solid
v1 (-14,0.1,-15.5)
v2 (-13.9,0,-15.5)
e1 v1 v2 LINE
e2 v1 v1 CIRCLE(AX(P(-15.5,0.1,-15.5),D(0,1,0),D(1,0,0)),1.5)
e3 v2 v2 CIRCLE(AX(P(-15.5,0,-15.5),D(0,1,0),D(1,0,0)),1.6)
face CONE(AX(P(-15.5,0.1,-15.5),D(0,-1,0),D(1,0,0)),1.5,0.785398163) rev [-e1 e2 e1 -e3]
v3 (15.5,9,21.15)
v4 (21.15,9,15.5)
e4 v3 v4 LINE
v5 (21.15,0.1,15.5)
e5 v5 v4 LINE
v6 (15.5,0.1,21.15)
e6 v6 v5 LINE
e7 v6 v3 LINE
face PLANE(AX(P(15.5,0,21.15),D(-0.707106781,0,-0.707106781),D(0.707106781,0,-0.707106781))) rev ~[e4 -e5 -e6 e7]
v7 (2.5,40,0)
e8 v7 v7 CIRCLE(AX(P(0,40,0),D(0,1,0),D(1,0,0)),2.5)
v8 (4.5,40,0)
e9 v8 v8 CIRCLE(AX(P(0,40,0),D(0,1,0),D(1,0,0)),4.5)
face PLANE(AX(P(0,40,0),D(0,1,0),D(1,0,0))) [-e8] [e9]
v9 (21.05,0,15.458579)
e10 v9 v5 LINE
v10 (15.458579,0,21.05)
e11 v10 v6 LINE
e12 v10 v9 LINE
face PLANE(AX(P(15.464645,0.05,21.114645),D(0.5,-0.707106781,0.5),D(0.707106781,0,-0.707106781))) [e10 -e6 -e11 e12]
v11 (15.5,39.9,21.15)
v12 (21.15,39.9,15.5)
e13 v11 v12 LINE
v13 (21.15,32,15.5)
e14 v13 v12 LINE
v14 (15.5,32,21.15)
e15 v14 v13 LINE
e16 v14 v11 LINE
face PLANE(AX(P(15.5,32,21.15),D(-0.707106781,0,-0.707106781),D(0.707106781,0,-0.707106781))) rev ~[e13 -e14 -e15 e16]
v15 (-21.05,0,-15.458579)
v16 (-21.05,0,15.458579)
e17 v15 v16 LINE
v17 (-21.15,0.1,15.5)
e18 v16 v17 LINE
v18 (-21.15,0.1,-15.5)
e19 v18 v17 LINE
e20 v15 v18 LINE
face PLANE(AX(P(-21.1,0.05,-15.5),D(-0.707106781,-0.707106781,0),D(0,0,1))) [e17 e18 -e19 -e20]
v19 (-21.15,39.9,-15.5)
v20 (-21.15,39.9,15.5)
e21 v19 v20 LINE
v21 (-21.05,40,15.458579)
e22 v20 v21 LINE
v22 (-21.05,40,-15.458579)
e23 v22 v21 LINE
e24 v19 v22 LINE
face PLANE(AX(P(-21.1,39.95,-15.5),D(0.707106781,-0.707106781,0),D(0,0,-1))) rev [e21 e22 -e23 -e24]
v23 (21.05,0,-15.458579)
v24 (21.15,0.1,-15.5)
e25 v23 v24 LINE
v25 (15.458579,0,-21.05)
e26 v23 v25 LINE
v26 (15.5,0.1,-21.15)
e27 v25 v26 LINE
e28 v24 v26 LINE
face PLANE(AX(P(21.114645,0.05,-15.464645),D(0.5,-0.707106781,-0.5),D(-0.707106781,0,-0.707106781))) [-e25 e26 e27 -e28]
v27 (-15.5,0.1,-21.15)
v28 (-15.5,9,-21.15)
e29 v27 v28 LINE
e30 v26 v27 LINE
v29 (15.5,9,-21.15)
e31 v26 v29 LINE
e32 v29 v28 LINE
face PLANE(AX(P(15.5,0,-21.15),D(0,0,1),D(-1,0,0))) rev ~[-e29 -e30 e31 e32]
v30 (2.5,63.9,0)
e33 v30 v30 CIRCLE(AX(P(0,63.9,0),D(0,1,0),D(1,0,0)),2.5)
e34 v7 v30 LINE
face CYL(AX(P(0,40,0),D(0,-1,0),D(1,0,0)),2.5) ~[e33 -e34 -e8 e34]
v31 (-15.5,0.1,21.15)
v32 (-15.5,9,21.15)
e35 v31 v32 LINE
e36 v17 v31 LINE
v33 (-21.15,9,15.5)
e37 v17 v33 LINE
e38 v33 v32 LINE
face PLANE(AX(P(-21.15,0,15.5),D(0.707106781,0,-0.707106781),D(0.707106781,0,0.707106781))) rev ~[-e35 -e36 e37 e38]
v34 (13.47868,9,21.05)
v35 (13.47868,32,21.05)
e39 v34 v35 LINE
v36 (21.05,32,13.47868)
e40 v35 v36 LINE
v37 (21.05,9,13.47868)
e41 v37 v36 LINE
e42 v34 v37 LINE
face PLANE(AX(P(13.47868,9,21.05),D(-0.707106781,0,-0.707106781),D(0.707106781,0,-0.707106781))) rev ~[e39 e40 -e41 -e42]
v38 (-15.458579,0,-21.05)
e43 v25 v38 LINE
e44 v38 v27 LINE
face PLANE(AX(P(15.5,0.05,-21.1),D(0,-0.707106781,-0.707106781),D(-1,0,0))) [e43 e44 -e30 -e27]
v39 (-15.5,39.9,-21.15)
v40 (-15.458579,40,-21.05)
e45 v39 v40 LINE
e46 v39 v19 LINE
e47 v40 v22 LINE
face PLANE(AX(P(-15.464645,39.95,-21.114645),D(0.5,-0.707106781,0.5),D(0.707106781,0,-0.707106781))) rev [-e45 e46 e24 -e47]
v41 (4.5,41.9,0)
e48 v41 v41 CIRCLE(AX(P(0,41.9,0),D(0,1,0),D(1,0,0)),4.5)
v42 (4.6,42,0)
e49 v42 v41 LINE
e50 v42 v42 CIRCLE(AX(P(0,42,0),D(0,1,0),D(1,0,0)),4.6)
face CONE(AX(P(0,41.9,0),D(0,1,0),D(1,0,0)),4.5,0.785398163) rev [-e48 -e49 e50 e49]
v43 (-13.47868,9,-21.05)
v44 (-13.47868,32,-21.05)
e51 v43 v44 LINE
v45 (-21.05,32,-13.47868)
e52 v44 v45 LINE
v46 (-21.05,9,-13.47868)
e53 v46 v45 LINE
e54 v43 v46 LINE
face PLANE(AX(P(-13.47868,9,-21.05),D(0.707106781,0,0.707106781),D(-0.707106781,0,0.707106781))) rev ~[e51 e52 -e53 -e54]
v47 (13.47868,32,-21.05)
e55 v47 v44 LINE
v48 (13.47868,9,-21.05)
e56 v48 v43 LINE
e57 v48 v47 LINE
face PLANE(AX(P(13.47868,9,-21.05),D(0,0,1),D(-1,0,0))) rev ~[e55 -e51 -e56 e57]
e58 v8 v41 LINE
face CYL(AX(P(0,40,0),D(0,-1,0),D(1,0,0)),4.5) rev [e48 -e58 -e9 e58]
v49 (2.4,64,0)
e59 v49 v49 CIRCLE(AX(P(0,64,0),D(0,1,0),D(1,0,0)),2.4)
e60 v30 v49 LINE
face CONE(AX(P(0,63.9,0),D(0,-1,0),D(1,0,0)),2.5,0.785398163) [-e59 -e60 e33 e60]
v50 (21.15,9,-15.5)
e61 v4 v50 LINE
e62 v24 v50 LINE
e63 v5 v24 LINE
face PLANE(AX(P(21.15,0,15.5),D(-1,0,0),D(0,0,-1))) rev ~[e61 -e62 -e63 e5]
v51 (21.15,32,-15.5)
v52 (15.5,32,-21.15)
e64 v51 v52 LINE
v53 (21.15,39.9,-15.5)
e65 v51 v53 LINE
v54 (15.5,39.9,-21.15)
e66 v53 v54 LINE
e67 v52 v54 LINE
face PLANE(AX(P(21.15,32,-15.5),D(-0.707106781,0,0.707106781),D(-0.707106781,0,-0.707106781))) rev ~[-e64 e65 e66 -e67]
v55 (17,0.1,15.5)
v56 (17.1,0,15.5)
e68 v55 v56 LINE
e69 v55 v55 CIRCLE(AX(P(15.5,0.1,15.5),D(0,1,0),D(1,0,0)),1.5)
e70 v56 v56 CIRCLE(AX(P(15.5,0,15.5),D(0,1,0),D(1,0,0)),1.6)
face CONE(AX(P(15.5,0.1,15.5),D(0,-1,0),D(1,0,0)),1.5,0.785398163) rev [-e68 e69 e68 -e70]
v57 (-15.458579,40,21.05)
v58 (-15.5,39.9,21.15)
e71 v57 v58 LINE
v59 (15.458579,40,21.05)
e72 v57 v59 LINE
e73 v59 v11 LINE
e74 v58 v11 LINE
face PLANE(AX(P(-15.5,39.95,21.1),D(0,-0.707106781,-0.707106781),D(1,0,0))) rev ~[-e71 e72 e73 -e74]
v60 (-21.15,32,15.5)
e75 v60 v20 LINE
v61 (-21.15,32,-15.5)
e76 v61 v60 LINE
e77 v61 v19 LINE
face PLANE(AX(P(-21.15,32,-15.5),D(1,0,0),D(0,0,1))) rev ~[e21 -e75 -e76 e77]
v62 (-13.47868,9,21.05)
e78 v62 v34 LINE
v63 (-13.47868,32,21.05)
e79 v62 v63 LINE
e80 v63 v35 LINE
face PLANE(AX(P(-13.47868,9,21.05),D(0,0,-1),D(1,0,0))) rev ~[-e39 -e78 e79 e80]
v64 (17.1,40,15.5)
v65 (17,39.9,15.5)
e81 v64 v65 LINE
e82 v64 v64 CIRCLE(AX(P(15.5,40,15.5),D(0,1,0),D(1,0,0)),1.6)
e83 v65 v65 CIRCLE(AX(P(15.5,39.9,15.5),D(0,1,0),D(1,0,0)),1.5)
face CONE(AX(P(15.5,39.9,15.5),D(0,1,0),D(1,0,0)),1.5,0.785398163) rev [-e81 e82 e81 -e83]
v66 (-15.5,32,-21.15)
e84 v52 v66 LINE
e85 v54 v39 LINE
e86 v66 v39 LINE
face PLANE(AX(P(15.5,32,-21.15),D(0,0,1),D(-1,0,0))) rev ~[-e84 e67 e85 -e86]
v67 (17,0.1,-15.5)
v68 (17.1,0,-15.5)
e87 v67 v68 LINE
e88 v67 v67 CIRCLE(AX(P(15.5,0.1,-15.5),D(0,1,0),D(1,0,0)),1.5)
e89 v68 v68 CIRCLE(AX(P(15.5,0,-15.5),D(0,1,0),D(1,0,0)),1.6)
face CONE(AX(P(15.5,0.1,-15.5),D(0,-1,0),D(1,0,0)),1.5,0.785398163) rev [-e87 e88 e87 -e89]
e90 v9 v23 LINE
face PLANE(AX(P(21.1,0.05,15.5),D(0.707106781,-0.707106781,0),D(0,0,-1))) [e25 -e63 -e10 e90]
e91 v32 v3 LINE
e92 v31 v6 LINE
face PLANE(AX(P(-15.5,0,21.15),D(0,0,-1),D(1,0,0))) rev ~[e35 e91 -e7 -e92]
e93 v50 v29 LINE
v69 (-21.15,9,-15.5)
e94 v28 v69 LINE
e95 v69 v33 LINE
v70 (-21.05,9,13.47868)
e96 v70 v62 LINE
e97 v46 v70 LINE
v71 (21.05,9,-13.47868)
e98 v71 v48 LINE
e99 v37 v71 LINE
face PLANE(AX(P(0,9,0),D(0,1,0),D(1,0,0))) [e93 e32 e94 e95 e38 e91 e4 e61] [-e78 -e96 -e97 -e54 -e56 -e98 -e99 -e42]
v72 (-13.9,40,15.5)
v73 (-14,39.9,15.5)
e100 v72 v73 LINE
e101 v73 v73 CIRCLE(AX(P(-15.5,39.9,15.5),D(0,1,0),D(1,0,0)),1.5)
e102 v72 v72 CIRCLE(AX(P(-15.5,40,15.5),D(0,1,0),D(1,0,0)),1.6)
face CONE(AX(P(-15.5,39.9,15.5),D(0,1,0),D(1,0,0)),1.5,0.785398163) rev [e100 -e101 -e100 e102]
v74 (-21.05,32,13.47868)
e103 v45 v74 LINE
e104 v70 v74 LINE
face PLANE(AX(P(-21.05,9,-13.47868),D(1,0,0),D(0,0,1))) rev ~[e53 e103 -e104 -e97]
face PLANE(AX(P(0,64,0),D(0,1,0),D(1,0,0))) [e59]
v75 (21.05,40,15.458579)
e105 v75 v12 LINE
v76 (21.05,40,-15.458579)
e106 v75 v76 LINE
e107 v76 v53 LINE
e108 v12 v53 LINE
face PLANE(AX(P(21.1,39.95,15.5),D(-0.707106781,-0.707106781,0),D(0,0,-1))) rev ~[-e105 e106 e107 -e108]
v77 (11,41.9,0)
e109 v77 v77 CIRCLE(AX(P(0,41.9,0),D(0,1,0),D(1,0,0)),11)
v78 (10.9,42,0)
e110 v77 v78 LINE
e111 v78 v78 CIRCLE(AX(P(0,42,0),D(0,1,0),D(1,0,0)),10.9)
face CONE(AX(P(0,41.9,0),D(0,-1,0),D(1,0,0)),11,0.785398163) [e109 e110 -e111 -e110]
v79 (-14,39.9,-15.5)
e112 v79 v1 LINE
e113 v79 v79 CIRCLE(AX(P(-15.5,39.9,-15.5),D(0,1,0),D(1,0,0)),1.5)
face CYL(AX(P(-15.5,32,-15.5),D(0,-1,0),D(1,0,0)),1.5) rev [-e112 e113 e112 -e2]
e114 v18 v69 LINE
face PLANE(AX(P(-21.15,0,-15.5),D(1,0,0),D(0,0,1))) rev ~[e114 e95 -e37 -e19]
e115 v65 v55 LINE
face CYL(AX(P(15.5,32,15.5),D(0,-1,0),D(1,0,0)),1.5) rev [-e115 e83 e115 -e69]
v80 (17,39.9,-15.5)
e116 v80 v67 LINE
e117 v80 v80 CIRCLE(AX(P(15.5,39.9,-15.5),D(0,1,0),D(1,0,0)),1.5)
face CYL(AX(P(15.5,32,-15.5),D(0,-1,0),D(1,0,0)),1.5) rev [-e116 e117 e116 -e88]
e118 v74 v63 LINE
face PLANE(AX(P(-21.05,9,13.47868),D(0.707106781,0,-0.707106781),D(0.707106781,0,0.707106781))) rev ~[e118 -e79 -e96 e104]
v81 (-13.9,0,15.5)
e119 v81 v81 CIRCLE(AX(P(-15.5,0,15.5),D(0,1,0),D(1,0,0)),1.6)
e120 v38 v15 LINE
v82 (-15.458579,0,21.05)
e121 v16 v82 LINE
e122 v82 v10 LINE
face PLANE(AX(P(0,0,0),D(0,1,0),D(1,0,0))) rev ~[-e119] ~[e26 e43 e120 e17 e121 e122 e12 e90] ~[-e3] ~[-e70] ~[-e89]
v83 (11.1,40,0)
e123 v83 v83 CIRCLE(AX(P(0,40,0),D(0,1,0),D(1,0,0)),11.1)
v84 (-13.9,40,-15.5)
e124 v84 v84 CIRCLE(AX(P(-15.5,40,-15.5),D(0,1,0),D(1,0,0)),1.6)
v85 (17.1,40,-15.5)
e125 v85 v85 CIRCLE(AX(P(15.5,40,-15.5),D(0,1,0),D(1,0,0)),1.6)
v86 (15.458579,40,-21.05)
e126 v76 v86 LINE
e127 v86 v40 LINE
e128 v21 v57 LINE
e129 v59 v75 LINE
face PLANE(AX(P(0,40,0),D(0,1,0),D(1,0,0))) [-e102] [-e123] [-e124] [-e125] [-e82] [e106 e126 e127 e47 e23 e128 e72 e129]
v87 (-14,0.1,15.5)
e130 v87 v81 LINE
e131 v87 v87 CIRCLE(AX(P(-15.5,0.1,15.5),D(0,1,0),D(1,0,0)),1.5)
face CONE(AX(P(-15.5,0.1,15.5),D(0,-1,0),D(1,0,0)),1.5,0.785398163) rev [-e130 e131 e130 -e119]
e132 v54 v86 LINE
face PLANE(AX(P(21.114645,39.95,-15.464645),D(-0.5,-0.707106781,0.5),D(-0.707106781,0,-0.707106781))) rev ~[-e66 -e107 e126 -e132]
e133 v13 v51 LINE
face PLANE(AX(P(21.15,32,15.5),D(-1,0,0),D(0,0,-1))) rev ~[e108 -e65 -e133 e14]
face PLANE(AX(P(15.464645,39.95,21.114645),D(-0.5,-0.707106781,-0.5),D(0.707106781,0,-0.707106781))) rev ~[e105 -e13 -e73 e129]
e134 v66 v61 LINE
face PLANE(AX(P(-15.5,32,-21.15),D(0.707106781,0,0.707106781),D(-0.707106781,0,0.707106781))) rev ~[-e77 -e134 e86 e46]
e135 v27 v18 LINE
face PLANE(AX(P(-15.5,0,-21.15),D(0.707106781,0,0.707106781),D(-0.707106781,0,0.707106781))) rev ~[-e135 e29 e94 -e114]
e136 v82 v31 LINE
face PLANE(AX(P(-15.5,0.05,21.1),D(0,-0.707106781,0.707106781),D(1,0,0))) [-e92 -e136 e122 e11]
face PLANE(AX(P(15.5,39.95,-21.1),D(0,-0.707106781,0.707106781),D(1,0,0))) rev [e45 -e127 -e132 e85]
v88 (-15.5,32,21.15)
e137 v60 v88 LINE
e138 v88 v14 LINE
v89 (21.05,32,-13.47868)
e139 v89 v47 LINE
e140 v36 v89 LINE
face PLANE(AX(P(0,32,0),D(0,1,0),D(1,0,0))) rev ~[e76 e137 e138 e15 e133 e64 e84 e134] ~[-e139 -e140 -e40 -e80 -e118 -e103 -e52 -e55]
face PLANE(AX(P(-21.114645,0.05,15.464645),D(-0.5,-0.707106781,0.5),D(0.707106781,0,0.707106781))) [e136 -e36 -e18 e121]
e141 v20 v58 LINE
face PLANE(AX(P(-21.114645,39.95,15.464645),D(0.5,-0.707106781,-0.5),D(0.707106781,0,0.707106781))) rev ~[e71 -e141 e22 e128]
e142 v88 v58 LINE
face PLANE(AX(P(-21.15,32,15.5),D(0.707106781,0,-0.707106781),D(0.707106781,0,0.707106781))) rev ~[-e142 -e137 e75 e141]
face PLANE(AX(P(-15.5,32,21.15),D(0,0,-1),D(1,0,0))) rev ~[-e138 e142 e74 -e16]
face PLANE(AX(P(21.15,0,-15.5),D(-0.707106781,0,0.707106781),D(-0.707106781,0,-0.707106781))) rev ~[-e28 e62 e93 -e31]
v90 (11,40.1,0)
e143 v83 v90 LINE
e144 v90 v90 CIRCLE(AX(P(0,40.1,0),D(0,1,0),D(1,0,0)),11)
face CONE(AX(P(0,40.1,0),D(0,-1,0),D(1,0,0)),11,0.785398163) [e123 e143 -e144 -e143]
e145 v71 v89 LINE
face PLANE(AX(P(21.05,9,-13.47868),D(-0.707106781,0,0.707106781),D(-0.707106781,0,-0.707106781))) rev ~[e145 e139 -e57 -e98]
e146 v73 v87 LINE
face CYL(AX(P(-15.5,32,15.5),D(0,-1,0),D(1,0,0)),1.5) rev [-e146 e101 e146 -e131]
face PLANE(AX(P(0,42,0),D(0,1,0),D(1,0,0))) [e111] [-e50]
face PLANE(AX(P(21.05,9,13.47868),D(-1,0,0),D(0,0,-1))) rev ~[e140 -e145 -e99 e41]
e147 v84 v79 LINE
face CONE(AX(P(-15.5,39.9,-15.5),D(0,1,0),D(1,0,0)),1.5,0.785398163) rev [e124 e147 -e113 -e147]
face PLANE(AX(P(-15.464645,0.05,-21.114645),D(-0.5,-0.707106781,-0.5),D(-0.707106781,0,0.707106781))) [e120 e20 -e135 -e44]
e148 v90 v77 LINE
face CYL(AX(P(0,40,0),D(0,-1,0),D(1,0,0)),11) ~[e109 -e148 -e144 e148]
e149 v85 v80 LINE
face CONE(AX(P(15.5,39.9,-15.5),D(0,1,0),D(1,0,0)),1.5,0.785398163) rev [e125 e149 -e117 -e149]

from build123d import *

# Parameters (mm, degrees)
SKETCH1_R           = 1.5
BOSS_EXTRUDE1_DEPTH = 9
SKETCH4_R           = 1.5
BOSS_EXTRUDE4_DEPTH = 23
SKETCH5_R           = 1.5
BOSS_EXTRUDE6_DEPTH = 8
SKETCH2_R           = 11
SKETCH2_R_2         = 4.5
BOSS_EXTRUDE2_DEPTH = 2
SKETCH3_R           = 2.5
BOSS_EXTRUDE3_DEPTH = 24
CHAMFER1_SIZE       = 0.1


with BuildPart() as part:
    # Sketch1 → Boss-Extrude1 (new body)
    with BuildSketch(Plane(origin=(0, 0, 0), x_dir=(1, 0, 0), z_dir=(0, 1, 0))):
        Polygon((-15.5, -21.15), (15.5, -21.15), (21.15, -15.5), (21.15, 15.5), (15.5, 21.15), (-15.5, 21.15), (-21.15, 15.5), (-21.15, -15.5), align=None)
        with Locations((-15.5, 15.5)):
            Circle(SKETCH1_R, mode=Mode.SUBTRACT)
        with Locations((15.5, -15.5)):
            Circle(SKETCH1_R, mode=Mode.SUBTRACT)
        with Locations((15.5, 15.5)):
            Circle(SKETCH1_R, mode=Mode.SUBTRACT)
        with Locations((-15.5, -15.5)):
            Circle(SKETCH1_R, mode=Mode.SUBTRACT)
    extrude(amount=BOSS_EXTRUDE1_DEPTH)

    # Sketch4 → Boss-Extrude4 (add)
    with BuildSketch(Plane(origin=(0, 9, 0), x_dir=(1, 0, 0), z_dir=(0, 1, 0))):
        Polygon((13.478679656, 21.05), (-13.478679656, 21.05), (-21.05, 13.478679656), (-21.05, -13.478679656), (-13.478679656, -21.05), (13.478679656, -21.05), (21.05, -13.478679656), (21.05, 13.478679656), align=None)
        with Locations((-15.5, 15.5)):
            Circle(SKETCH4_R, mode=Mode.SUBTRACT)
        with Locations((15.5, 15.5)):
            Circle(SKETCH4_R, mode=Mode.SUBTRACT)
        with Locations((15.5, -15.5)):
            Circle(SKETCH4_R, mode=Mode.SUBTRACT)
        with Locations((-15.5, -15.5)):
            Circle(SKETCH4_R, mode=Mode.SUBTRACT)
    extrude(amount=BOSS_EXTRUDE4_DEPTH)

    # Sketch5 → Boss-Extrude6 (add)
    with BuildSketch(Plane(origin=(0, 32, 0), x_dir=(1, 0, 0), z_dir=(0, 1, 0))):
        Polygon((-15.5, 21.15), (-21.15, 15.5), (-21.15, -15.5), (-15.5, -21.15), (15.5, -21.15), (21.15, -15.5), (21.15, 15.5), (15.5, 21.15), align=None)
        with Locations((15.5, 15.5)):
            Circle(SKETCH5_R, mode=Mode.SUBTRACT)
        with Locations((-15.5, 15.5)):
            Circle(SKETCH5_R, mode=Mode.SUBTRACT)
        with Locations((-15.5, -15.5)):
            Circle(SKETCH5_R, mode=Mode.SUBTRACT)
        with Locations((15.5, -15.5)):
            Circle(SKETCH5_R, mode=Mode.SUBTRACT)
    extrude(amount=BOSS_EXTRUDE6_DEPTH)

    # Sketch2 → Boss-Extrude2 (add)
    with BuildSketch(Plane(origin=(0, 40, 0), x_dir=(1, 0, 0), z_dir=(0, 1, 0))):
        Circle(SKETCH2_R)
        Circle(SKETCH2_R_2, mode=Mode.SUBTRACT)
    extrude(amount=BOSS_EXTRUDE2_DEPTH)

    # Sketch3 → Boss-Extrude3 (add)
    with BuildSketch(Plane(origin=(0, 40, 0), x_dir=(1, 0, 0), z_dir=(0, 1, 0))):
        Circle(SKETCH3_R)
    extrude(amount=BOSS_EXTRUDE3_DEPTH)

    # Chamfer1
    chamfer1_edges = [part.edges().sort_by_distance(p)[0] for p in [
        (-21.15, 0, 0),
        (-18.325, 0, -18.325),
        (-11, 42, 0),
        (-11, 40, 0),
        (-4.5, 42, 0),
        (-2.5, 64, 0),
        (-17, 0, -15.5),
        (14, 0, 15.5),
        (14, 0, -15.5),
        (-17, 0, 15.5),
        (0, 40, -21.15),
        (-18.325, 40, -18.325),
        (-21.15, 40, 0),
        (-18.325, 40, 18.325),
        (0, 40, 21.15),
        (18.325, 40, 18.325),
        (21.15, 40, 0),
        (18.325, 40, -18.325),
        (0, 0, -21.15),
        (14, 40, -15.5),
        (18.325, 0, -18.325),
        (-17, 40, -15.5),
        (-17, 40, 15.5),
        (14, 40, 15.5),
        (21.15, 0, 0),
        (18.325, 0, 18.325),
        (0, 0, 21.15),
        (-18.325, 0, 18.325),
    ]]
    chamfer(chamfer1_edges, length=CHAMFER1_SIZE)


solid = part.part
